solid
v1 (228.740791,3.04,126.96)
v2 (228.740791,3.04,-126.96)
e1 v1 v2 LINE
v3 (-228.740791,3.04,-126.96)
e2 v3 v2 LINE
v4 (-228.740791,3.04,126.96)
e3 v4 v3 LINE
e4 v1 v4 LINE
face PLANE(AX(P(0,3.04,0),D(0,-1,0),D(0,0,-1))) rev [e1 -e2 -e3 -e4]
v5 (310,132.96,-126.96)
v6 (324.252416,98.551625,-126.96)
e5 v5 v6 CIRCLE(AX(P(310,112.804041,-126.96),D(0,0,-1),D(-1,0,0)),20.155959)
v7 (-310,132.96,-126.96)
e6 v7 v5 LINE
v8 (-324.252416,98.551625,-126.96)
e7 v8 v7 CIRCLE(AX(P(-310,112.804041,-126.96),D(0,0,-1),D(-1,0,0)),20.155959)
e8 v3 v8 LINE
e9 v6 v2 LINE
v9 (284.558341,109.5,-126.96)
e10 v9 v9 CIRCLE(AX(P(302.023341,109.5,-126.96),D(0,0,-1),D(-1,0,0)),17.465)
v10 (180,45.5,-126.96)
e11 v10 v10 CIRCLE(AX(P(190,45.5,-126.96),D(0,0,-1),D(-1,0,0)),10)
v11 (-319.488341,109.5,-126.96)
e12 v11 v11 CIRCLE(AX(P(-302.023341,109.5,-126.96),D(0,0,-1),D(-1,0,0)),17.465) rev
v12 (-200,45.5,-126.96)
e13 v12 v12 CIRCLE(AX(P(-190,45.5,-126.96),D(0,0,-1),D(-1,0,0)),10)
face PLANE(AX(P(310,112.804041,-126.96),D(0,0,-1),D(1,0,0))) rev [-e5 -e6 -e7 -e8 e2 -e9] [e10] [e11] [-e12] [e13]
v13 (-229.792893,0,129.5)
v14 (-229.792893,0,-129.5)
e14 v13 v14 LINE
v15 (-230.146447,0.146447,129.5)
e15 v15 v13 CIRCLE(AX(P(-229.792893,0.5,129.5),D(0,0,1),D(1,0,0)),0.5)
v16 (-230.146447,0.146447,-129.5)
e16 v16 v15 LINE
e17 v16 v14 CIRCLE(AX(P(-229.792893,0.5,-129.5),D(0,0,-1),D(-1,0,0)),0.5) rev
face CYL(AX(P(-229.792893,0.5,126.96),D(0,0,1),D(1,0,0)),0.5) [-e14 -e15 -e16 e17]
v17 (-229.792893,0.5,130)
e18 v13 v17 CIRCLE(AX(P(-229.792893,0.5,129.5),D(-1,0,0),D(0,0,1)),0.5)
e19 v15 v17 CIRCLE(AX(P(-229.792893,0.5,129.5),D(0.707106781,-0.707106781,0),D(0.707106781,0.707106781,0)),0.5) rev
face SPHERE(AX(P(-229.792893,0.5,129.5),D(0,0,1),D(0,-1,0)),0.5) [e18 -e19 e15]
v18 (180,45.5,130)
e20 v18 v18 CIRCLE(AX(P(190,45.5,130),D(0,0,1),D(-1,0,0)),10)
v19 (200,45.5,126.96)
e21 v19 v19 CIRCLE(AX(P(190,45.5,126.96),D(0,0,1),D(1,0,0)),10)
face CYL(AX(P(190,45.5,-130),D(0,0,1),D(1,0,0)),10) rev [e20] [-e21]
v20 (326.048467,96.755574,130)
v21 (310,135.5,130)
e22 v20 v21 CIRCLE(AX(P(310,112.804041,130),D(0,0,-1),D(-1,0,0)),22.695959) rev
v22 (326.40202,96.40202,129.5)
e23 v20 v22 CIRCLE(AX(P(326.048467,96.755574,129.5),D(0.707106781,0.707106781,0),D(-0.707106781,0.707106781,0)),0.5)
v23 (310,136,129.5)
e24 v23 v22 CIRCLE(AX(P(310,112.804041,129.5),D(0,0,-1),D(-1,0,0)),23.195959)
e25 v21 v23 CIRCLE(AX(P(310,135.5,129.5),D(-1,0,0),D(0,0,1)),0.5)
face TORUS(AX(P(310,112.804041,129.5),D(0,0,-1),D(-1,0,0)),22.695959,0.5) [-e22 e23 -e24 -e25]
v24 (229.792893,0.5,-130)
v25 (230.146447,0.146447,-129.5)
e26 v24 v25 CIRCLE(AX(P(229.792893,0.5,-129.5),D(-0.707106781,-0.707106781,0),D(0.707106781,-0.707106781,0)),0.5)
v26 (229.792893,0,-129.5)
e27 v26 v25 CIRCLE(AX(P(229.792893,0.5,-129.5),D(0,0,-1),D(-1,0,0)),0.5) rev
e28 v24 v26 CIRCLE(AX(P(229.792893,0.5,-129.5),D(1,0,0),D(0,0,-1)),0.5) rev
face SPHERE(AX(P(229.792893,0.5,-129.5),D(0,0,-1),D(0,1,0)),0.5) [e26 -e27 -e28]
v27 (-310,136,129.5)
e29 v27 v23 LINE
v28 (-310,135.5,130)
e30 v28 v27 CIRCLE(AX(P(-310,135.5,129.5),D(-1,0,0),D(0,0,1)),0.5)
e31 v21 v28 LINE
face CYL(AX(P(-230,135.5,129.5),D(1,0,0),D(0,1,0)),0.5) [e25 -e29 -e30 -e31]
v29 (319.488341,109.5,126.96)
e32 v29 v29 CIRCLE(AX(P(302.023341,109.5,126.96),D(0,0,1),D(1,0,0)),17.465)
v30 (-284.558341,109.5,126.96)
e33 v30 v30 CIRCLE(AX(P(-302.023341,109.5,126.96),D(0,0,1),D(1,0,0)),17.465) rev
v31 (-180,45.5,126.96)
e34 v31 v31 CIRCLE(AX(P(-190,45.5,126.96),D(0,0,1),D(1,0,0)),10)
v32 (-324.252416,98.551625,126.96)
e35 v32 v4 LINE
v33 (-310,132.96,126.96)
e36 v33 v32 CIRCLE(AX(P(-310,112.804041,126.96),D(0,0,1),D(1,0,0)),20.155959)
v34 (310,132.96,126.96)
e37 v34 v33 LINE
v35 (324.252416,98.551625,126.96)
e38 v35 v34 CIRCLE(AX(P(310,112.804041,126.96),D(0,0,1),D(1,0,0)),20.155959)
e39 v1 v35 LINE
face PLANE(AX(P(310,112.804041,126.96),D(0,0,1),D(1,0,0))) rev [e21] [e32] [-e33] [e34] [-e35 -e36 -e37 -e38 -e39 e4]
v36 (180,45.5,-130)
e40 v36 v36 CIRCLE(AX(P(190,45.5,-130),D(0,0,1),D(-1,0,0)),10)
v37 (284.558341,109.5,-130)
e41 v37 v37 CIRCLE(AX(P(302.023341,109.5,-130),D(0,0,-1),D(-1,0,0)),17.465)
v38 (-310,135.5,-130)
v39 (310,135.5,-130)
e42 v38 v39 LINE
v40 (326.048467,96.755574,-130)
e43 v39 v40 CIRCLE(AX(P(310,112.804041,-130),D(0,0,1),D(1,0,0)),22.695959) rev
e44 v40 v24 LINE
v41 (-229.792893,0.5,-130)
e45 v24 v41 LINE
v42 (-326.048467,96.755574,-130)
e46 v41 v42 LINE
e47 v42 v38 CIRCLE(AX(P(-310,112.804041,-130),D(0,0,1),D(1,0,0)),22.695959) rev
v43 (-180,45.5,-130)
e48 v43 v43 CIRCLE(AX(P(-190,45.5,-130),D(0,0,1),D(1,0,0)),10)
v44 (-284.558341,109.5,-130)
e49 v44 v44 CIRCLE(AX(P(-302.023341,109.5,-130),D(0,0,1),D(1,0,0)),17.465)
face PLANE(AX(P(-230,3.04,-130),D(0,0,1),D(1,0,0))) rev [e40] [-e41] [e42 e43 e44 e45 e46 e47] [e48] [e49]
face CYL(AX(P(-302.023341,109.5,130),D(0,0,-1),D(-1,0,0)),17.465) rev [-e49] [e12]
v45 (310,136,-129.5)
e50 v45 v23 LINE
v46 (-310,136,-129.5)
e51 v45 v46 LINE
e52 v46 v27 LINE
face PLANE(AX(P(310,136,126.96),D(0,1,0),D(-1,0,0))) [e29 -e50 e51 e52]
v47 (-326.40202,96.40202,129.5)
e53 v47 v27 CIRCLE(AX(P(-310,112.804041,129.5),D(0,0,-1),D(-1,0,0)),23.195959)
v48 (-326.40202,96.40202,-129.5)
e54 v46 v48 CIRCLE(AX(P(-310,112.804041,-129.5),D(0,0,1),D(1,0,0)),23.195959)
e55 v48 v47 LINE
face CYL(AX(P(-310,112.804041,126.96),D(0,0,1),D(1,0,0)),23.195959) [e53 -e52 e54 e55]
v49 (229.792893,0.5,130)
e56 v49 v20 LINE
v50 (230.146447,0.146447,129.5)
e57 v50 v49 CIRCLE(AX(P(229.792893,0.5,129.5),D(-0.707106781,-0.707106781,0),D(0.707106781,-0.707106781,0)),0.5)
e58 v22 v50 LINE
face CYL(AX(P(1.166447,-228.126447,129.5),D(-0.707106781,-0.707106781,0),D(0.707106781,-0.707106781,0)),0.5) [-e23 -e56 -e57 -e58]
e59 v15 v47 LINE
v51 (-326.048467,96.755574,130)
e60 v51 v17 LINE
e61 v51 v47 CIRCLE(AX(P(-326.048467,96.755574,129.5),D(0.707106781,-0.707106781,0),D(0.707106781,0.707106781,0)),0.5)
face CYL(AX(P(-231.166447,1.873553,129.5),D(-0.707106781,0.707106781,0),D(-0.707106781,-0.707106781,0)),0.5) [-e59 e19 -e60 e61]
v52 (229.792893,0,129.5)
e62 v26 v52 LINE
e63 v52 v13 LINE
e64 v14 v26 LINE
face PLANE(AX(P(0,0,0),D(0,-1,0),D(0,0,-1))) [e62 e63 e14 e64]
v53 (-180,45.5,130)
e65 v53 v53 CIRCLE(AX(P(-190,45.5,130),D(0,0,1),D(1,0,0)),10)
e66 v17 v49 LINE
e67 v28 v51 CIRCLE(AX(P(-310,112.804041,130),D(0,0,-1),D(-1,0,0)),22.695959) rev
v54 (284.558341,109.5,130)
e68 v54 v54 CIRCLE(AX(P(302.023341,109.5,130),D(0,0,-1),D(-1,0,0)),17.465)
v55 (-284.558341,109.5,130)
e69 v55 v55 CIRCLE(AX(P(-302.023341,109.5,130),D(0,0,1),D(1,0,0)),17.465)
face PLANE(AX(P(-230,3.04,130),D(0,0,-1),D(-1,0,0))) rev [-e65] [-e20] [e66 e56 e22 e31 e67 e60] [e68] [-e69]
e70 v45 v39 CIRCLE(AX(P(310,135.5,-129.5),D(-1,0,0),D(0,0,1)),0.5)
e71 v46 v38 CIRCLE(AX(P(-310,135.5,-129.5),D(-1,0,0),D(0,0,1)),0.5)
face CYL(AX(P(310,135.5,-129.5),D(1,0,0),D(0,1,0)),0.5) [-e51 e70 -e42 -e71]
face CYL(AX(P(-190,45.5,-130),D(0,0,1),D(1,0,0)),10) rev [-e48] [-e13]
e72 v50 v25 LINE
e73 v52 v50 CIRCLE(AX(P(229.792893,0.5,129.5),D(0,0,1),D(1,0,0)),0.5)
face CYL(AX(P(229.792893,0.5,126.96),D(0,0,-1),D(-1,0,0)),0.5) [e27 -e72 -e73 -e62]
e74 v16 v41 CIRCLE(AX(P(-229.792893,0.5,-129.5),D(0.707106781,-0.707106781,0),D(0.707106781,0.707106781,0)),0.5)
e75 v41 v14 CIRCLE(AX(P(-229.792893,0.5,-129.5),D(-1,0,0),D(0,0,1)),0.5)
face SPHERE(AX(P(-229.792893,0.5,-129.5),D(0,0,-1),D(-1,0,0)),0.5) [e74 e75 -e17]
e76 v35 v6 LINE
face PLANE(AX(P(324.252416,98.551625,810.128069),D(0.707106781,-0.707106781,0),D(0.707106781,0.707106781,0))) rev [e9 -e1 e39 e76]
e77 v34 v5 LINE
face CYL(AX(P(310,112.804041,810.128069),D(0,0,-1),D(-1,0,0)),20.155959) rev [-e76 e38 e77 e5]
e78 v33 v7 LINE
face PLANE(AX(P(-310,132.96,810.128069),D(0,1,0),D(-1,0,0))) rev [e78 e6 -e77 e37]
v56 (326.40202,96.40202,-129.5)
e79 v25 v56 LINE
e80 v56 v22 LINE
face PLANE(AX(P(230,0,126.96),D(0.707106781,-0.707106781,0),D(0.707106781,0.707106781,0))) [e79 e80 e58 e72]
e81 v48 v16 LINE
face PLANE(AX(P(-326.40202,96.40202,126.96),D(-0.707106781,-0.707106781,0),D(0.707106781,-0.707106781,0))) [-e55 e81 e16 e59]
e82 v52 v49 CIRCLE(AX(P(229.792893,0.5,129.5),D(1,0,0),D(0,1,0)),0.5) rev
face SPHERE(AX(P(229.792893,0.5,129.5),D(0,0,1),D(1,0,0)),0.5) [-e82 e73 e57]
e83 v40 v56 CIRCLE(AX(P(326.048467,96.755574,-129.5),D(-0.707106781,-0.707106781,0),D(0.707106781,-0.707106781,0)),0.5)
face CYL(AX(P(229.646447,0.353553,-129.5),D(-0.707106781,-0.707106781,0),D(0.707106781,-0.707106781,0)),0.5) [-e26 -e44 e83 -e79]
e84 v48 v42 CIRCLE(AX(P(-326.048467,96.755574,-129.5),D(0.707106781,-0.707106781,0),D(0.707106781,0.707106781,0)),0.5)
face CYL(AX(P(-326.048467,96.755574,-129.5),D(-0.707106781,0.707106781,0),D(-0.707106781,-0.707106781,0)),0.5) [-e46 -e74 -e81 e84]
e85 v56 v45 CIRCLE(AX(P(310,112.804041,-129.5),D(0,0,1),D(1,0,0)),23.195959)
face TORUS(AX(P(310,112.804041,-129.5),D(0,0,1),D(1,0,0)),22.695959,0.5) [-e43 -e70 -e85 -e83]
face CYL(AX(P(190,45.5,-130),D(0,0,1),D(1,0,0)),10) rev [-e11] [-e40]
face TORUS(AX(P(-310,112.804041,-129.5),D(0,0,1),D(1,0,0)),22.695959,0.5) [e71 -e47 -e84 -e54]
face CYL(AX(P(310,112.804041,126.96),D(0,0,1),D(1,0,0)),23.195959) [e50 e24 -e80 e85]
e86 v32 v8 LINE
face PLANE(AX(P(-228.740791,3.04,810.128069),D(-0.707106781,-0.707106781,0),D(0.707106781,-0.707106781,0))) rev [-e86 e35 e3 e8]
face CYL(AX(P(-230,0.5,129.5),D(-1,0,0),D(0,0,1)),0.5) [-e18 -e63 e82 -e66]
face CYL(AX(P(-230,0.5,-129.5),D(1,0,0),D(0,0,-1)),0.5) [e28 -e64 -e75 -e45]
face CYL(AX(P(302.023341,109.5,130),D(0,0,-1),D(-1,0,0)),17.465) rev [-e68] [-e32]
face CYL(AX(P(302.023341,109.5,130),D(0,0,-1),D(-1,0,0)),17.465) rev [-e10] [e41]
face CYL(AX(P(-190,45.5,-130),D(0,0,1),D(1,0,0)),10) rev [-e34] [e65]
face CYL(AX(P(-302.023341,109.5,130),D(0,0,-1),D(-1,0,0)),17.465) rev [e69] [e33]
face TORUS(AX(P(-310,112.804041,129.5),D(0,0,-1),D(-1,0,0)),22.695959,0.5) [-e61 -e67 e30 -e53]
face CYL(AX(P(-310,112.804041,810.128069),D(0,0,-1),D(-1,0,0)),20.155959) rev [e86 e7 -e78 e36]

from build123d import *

# Parameters (mm, degrees)
SKETCH1_W           = 460
SKETCH1_H           = 260
BOSS_EXTRUDE1_DEPTH = 3.04
BOSS_EXTRUDE2_DEPTH = 3.04
BOSS_EXTRUDE4_DEPTH = 260
FILLET1_R           = 0.5
SKETCH6_R           = 17.465
CUT_EXTRUDE1_DEPTH  = 444.976967296
SKETCH8_R           = 10
CUT_EXTRUDE2_DEPTH  = 444.976967296


with BuildPart() as part:
    # Sketch1 → Boss-Extrude1 (new body)
    with BuildSketch(Plane(origin=(0, 0, 0), x_dir=(1, 0, 0), z_dir=(0, 1, 0))):
        Rectangle(SKETCH1_W, SKETCH1_H)
    extrude(amount=BOSS_EXTRUDE1_DEPTH)

    # Sketch2 → Boss-Extrude2 (add)
    with BuildSketch(Plane.XY.offset(130)):
        with BuildLine():
            Line((-230, 0), (230, 0))
            Line((230, 0), (326.402020254, 96.402020254))
            ThreePointArc((326.402020254, 96.402020254), (331.430272212, 121.680749903), (310, 136))
            Line((310, 136), (-310, 136))
            ThreePointArc((-310, 136), (-331.430272212, 121.680749903), (-326.402020254, 96.402020254))
            Line((-326.402020254, 96.402020254), (-230, 0))
        make_face()
    boss_extrude2 = extrude(amount=-BOSS_EXTRUDE2_DEPTH)

    # Mirror1: Boss-Extrude2 across plane
    add(boss_extrude2.mirror(Plane.XY))

    # Sketch4 → Boss-Extrude4 (add)
    with BuildSketch(Plane(origin=(0, 0, -130), x_dir=(-1, 0, 0), z_dir=(0, 0, -1))):
        with BuildLine():
            Line((-326.402020254, 96.402020254), (-230, 0))
            Line((-230, 0), (230, 0))
            Line((230, 0), (326.402020254, 96.402020254))
            ThreePointArc((326.402020254, 96.402020254), (331.430272212, 121.680749903), (310, 136))
            Line((310, 136), (-310, 136))
            ThreePointArc((-310, 136), (-331.430272212, 121.680749903), (-326.402020254, 96.402020254))
        make_face()
        with BuildLine():
            Line((-324.252415639, 98.551624868), (-228.74079077, 3.04))
            Line((-228.74079077, 3.04), (228.74079077, 3.04))
            Line((228.74079077, 3.04), (324.252415639, 98.551624868))
            ThreePointArc((324.252415639, 98.551624868), (328.621678434, 120.517392268), (310, 132.96))
            Line((310, 132.96), (-310, 132.96))
            ThreePointArc((-310, 132.96), (-328.621678434, 120.517392268), (-324.252415639, 98.551624868))
        make_face(mode=Mode.SUBTRACT)
    extrude(amount=-BOSS_EXTRUDE4_DEPTH)

    # Fillet1
    fillet1_edges = [part.edges().sort_by_distance(p)[0] for p in [
        (278.201010127, 48.201010127, 130),
        (331.430272212, 121.680749903, 130),
        (0, 136, 130),
        (-331.430272212, 121.680749903, 130),
        (-278.201010127, 48.201010127, 130),
        (-278.201010127, 48.201010127, -130),
        (278.201010127, 48.201010127, -130),
        (331.430272212, 121.680749903, -130),
        (0, 136, -130),
        (-331.430272212, 121.680749903, -130),
        (0, 0, 130),
        (-230, 0, 0),
        (0, 0, -130),
        (230, 0, 0),
    ]]
    fillet(fillet1_edges, radius=FILLET1_R)

    # Sketch6 → Cut-Extrude1 (cut, through all)
    with BuildSketch(Plane(origin=(0, 0, -130), x_dir=(-1, 0, 0), z_dir=(0, 0, -1))):
        with Locations((-302.023340597, 109.5)):
            Circle(SKETCH6_R)
        with Locations((302.023340597, 109.5)):
            Circle(SKETCH6_R)
    extrude(amount=-CUT_EXTRUDE1_DEPTH, mode=Mode.SUBTRACT)

    # Sketch8 → Cut-Extrude2 (cut, through all)
    with BuildSketch(Plane.XY.offset(130)):
        with Locations((-190, 45.5)):
            Circle(SKETCH8_R)
        with Locations(Location((190, 45.5, 0), (0, 0, 180))):
            Circle(SKETCH8_R)
    extrude(amount=-CUT_EXTRUDE2_DEPTH, mode=Mode.SUBTRACT)


solid = part.part
